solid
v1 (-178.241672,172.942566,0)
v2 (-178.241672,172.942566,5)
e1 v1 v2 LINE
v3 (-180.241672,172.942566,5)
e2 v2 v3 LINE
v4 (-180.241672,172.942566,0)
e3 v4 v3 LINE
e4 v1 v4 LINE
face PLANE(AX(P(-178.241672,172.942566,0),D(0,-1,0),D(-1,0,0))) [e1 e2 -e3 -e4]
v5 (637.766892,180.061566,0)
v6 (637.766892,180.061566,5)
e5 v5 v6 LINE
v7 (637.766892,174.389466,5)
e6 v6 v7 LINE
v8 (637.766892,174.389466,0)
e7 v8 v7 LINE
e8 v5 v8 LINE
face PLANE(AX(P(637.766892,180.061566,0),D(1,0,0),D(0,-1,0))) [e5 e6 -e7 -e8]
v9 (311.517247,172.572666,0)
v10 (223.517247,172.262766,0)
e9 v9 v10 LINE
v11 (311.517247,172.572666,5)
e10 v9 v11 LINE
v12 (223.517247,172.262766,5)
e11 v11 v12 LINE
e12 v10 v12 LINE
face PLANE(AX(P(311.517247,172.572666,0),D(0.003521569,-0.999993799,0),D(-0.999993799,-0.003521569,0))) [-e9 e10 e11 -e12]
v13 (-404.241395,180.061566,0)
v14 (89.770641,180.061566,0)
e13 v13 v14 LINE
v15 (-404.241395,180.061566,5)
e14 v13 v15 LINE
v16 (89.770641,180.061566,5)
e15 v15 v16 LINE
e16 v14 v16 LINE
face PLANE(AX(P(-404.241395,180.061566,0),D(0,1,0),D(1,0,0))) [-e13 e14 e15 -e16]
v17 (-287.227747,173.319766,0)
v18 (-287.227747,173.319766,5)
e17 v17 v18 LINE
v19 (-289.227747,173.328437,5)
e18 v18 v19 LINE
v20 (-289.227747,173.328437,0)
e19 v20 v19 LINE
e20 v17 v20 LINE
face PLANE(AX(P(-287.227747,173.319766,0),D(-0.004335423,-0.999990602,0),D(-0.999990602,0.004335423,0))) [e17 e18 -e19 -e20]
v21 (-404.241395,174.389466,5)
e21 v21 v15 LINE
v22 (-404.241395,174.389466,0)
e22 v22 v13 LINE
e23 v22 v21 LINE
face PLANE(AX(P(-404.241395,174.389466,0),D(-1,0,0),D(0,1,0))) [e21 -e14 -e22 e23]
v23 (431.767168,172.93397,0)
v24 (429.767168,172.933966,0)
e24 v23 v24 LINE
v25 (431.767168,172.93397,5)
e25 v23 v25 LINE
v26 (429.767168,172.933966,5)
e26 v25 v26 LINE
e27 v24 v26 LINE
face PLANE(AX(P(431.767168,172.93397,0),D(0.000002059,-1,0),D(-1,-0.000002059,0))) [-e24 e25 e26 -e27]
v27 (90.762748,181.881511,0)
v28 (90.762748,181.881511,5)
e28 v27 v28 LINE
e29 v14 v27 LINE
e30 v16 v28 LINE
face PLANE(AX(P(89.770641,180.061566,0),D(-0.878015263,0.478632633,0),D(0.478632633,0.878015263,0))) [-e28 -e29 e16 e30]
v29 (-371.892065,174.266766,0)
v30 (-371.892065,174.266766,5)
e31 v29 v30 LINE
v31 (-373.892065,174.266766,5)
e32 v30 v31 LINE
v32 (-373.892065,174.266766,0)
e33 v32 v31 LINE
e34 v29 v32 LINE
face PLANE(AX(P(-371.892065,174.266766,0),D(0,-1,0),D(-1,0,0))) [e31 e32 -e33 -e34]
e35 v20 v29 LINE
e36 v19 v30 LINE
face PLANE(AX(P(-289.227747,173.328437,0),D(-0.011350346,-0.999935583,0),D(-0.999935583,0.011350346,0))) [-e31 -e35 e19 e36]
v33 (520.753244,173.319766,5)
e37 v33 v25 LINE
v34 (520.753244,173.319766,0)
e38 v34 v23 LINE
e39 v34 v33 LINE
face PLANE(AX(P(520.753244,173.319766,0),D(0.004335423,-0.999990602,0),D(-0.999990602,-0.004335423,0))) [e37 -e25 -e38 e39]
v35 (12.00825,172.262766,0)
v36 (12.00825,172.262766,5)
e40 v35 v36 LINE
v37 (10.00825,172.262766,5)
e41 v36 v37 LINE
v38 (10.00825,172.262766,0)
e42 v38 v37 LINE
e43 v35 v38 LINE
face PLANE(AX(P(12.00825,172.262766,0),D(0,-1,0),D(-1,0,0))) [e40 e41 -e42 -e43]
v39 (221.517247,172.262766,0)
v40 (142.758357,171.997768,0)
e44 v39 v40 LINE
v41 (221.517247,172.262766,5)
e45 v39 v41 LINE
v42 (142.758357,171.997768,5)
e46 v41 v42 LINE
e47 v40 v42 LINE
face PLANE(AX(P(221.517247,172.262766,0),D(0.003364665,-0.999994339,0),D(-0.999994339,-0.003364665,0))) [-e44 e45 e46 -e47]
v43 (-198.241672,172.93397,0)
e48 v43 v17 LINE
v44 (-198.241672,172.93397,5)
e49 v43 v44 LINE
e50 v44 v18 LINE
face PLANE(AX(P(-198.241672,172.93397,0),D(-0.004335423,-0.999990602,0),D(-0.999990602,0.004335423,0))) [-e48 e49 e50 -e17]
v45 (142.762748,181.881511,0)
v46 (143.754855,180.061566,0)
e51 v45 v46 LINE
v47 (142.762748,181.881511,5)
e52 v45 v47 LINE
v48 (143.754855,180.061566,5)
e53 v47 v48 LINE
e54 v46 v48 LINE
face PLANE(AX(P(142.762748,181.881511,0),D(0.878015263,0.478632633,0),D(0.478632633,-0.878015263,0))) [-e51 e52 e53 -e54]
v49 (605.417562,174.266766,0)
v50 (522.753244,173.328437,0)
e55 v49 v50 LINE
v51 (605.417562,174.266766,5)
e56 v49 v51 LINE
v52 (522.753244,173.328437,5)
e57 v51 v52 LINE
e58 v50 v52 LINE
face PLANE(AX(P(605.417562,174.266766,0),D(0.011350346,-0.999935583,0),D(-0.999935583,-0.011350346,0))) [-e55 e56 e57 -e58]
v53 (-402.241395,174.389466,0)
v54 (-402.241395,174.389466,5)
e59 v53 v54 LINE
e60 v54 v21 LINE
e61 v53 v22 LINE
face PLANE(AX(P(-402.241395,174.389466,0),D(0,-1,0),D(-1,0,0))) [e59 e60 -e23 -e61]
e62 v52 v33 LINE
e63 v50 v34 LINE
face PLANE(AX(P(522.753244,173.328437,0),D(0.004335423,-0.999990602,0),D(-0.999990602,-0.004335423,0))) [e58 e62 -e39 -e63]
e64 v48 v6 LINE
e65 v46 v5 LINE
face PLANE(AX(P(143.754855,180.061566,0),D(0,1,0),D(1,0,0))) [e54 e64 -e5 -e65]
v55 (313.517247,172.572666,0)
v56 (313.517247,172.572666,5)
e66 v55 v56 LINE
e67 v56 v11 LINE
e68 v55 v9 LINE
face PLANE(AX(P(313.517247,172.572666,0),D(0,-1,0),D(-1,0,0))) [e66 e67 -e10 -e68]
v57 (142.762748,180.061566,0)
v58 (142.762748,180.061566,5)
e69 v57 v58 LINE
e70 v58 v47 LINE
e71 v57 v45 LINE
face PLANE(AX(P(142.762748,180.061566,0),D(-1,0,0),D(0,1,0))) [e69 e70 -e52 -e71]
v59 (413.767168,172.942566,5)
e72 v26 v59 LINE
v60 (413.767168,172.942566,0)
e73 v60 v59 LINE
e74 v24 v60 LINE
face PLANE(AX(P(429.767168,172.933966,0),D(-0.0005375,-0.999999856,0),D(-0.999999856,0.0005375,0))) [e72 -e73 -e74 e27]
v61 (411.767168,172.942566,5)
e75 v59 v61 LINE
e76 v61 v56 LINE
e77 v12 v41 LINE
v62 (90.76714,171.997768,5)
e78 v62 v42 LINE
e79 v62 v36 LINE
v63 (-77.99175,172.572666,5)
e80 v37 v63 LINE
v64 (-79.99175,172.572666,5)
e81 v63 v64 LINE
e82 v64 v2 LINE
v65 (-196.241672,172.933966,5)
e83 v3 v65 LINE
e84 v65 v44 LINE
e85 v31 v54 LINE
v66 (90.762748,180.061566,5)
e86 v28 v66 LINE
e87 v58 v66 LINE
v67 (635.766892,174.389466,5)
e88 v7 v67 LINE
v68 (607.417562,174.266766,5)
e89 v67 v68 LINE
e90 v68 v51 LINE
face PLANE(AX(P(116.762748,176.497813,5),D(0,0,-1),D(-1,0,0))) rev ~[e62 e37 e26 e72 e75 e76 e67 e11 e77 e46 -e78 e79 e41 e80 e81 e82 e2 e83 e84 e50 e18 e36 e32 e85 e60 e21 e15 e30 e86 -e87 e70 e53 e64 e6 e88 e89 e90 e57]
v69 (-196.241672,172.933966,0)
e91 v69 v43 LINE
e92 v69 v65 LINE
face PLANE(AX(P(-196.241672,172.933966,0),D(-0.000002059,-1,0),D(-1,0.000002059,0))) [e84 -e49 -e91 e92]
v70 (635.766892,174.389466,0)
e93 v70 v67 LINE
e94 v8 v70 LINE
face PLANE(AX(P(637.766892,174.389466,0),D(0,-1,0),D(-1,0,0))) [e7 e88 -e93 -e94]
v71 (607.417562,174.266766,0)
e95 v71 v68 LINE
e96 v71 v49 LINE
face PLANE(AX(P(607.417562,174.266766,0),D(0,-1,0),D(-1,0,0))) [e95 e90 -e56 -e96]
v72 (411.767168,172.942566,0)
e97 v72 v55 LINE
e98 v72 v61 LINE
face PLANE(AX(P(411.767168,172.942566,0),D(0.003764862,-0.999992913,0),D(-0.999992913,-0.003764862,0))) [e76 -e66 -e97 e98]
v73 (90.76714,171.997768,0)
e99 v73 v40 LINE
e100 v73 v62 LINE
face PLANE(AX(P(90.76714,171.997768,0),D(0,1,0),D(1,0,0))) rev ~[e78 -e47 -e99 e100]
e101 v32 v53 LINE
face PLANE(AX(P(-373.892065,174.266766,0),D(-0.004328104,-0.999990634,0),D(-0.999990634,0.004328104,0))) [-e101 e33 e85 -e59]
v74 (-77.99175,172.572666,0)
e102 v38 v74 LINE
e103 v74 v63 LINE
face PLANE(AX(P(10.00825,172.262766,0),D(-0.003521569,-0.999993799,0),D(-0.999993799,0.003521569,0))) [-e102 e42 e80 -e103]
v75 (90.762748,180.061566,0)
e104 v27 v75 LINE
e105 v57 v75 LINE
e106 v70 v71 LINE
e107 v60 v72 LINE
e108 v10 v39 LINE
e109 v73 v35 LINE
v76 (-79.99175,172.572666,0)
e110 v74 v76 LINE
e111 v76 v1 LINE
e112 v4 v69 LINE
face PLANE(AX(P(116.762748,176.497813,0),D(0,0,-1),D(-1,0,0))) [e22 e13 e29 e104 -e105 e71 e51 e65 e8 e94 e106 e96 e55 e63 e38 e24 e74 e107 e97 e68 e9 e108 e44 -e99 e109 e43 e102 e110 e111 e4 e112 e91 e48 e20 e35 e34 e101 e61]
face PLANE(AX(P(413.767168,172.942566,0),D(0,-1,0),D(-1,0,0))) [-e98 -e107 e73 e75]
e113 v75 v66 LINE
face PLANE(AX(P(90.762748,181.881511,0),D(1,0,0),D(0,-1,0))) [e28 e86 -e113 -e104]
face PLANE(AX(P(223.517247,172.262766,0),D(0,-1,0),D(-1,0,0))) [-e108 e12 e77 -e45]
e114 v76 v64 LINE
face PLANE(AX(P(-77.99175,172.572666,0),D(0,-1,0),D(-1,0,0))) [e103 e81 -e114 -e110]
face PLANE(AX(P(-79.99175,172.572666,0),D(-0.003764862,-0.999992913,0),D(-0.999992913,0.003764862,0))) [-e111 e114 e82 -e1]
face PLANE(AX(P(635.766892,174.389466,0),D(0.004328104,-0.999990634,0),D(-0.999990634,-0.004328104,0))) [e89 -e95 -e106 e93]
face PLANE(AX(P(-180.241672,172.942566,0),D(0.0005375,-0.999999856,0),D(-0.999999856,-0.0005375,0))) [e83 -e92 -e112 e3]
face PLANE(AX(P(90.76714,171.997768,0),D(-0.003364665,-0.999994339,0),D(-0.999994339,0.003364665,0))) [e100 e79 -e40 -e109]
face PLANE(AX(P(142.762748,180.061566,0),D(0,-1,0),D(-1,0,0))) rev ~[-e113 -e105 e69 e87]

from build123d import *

# Parameters (mm, degrees)
EXTRUDE_3_DEPTH = 5


with BuildPart() as part:
    # Model → 凸台-拉伸3 (new body)
    with BuildSketch(Plane.XY):
        Polygon((143.754855357, 180.061566324), (637.766892066, 180.061566324), (637.766892066, 174.389466324), (635.766892066, 174.389466324), (607.417562069, 174.266766324), (605.417562069, 174.266766324), (522.753244134, 173.328437251), (520.753244134, 173.319766324), (431.767168163, 172.933970442), (429.767168163, 172.933966324), (413.767168163, 172.942566324), (411.767168163, 172.942566324), (313.517246909, 172.572666324), (311.517246909, 172.572666324), (223.517246909, 172.262766324), (221.517246909, 172.262766324), (142.758356713, 171.99776752), (116.762748322, 171.99776752), (90.767139931, 171.99776752), (12.008249736, 172.262766324), (10.008249736, 172.262766324), (-77.991750264, 172.572666324), (-79.991750264, 172.572666324), (-178.241671518, 172.942566324), (-180.241671518, 172.942566324), (-196.241671518, 172.933966324), (-198.241671518, 172.933970442), (-287.227747489, 173.319766324), (-289.227747489, 173.328437251), (-371.892065424, 174.266766324), (-373.892065424, 174.266766324), (-402.241395422, 174.389466324), (-404.241395422, 174.389466324), (-404.241395422, 180.061566324), (89.770641288, 180.061566324), (90.762748322, 181.881511431), (90.762748322, 180.061566324), (116.762748322, 180.061566324), (142.762748322, 180.061566324), (142.762748322, 181.881511431), align=None)
    extrude(amount=EXTRUDE_3_DEPTH)


solid = part.part
